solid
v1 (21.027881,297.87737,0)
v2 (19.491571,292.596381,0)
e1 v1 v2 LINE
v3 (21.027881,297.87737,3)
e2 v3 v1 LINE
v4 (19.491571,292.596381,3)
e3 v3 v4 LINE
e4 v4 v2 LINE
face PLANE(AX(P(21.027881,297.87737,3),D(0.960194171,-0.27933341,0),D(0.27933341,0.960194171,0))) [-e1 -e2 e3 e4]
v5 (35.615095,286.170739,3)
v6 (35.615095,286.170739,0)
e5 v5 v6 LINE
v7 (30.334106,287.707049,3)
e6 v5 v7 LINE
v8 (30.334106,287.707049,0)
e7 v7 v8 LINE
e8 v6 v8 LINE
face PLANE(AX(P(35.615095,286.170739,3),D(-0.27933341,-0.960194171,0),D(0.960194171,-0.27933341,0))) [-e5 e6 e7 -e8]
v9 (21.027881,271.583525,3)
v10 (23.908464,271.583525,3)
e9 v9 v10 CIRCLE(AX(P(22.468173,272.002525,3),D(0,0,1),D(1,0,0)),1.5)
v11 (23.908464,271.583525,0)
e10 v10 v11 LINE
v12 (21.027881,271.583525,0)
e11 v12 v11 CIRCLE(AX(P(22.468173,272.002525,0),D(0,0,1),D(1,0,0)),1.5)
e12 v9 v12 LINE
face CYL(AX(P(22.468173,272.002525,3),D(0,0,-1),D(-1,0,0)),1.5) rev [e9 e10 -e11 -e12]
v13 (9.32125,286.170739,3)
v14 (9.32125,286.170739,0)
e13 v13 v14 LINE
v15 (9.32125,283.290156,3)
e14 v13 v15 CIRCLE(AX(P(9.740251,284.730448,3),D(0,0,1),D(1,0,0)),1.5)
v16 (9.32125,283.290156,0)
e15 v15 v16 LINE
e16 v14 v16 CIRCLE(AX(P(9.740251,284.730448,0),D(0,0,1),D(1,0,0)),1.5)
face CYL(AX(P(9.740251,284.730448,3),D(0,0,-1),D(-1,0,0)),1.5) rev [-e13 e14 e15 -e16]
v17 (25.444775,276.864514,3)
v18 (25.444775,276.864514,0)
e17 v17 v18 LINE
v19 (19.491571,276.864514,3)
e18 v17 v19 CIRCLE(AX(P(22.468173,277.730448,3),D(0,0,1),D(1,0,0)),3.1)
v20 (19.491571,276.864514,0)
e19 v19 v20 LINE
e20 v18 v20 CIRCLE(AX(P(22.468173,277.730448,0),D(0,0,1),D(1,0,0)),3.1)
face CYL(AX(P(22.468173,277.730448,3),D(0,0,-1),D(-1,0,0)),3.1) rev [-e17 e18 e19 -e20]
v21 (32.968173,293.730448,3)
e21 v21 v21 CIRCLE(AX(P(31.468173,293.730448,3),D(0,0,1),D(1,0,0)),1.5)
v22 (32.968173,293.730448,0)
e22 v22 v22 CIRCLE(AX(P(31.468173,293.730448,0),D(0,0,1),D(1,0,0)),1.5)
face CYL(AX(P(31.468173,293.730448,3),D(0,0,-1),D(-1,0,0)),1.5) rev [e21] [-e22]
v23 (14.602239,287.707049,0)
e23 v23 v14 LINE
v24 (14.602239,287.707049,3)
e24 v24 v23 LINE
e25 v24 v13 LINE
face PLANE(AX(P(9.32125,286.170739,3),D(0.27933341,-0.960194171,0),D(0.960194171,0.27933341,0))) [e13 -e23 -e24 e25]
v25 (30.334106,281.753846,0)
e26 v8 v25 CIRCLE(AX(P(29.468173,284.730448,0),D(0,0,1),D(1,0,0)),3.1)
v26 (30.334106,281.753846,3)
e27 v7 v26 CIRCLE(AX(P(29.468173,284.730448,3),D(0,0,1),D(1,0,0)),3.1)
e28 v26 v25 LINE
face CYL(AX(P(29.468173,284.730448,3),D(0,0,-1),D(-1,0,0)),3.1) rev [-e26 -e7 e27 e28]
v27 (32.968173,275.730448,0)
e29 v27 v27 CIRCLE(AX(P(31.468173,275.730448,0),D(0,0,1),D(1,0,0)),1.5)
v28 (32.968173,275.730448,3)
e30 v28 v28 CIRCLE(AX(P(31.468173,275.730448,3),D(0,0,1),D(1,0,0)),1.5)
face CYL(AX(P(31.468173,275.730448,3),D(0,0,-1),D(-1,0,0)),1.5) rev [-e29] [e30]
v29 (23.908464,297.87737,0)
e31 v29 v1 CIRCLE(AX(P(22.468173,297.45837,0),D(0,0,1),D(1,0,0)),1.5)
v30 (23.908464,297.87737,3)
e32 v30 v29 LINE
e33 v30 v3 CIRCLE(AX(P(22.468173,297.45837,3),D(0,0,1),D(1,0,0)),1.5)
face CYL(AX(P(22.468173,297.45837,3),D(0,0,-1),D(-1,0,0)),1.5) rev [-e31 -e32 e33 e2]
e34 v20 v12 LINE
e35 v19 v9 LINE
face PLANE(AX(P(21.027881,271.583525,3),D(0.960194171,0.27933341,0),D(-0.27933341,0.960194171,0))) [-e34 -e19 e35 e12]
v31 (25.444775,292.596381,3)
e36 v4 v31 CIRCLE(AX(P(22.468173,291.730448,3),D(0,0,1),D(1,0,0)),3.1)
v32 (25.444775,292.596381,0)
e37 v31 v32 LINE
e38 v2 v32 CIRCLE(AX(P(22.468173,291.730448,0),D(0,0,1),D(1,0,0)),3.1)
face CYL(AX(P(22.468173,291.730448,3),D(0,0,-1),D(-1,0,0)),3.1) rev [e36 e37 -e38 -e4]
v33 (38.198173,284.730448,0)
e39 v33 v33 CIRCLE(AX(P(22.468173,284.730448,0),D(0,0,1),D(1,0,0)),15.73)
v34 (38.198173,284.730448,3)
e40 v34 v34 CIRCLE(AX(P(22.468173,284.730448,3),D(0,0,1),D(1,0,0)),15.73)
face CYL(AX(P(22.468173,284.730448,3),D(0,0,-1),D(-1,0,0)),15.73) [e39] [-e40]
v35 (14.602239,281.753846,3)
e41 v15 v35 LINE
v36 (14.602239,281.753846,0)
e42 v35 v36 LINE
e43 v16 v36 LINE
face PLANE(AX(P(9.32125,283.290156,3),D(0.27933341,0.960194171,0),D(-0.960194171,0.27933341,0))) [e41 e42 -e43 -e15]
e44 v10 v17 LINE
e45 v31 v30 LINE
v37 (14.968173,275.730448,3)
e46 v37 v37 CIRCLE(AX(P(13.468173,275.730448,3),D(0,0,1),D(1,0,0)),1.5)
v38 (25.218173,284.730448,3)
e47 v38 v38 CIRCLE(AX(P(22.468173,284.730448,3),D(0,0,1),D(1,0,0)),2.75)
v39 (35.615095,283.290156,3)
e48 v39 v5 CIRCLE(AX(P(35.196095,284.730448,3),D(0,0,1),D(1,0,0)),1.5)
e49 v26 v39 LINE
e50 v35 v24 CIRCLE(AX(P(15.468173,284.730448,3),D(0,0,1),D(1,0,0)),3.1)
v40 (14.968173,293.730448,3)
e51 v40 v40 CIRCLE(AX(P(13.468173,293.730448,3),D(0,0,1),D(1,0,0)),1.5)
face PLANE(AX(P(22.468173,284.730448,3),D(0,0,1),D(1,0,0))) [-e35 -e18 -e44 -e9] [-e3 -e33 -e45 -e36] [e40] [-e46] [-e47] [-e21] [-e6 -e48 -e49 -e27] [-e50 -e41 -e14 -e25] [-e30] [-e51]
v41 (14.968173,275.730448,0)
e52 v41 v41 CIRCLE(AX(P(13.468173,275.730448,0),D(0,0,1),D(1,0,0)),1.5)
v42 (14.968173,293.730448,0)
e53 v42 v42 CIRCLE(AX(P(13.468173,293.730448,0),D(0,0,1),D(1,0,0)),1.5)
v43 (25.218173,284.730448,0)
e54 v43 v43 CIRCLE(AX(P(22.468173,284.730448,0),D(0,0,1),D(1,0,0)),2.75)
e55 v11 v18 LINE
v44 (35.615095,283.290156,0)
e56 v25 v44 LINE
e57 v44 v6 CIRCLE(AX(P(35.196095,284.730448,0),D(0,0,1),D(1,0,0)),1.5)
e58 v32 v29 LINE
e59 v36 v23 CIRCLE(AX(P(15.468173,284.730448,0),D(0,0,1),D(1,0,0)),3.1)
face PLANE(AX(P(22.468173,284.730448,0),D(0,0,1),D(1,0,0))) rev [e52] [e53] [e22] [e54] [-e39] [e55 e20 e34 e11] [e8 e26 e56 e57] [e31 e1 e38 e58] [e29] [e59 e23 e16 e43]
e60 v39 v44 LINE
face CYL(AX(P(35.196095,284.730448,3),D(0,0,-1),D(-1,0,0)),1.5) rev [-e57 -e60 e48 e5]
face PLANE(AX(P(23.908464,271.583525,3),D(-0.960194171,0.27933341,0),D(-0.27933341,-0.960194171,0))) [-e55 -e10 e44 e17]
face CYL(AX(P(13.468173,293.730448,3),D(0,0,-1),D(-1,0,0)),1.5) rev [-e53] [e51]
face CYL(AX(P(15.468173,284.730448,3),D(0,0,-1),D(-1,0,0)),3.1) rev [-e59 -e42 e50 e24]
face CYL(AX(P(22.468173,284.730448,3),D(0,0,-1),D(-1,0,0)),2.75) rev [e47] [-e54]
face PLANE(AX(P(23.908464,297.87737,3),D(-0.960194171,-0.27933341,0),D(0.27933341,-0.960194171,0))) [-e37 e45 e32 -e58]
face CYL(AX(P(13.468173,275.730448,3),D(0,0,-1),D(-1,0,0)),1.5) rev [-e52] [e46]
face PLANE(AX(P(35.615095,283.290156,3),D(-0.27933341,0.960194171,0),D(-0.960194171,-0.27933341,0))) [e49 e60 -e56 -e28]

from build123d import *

# Parameters (mm, degrees)
MODEL_R                 = 15.73
MODEL_R_2               = 1.5
MODEL_R_3               = 2.75
SALIENTE_EXTRUIR1_DEPTH = 3


with BuildPart() as part:
    # Model → Saliente-Extruir1 (new body)
    with BuildSketch(Plane.XY):
        with Locations((22.468172618, 284.73044756)):
            Circle(MODEL_R)
        with Locations((13.468172618, 275.73044756)):
            Circle(MODEL_R_2, mode=Mode.SUBTRACT)
        with Locations((31.468172618, 275.73044756)):
            Circle(MODEL_R_2, mode=Mode.SUBTRACT)
        with Locations((31.468172618, 293.73044756)):
            Circle(MODEL_R_2, mode=Mode.SUBTRACT)
        with Locations((13.468172618, 293.73044756)):
            Circle(MODEL_R_2, mode=Mode.SUBTRACT)
        with Locations((22.468172618, 284.73044756)):
            Circle(MODEL_R_3, mode=Mode.SUBTRACT)
        with BuildLine():
            Line((23.908463874, 297.877369736), (25.444774548, 292.59638113))
            ThreePointArc((25.444774548, 292.59638113), (22.468172618, 288.63044756), (19.491570687, 292.59638113))
            Line((19.491570687, 292.59638113), (21.027881361, 297.877369736))
            ThreePointArc((21.027881361, 297.877369736), (22.468172618, 298.958369621), (23.908463874, 297.877369736))
        make_face(mode=Mode.SUBTRACT)
        with BuildLine():
            Line((9.321250442, 286.170738816), (14.602239048, 287.70704949))
            ThreePointArc((14.602239048, 287.70704949), (18.568172618, 284.73044756), (14.602239048, 281.753845629))
            Line((14.602239048, 281.753845629), (9.321250442, 283.290156303))
            ThreePointArc((9.321250442, 283.290156303), (8.240250556, 284.73044756), (9.321250442, 286.170738816))
        make_face(mode=Mode.SUBTRACT)
        with BuildLine():
            Line((21.027881361, 271.583525384), (19.491570687, 276.86451399))
            ThreePointArc((19.491570687, 276.86451399), (22.468172618, 280.83044756), (25.444774548, 276.86451399))
            Line((25.444774548, 276.86451399), (23.908463874, 271.583525384))
            ThreePointArc((23.908463874, 271.583525384), (22.468172618, 270.502525498), (21.027881361, 271.583525384))
        make_face(mode=Mode.SUBTRACT)
        with BuildLine():
            Line((35.615094794, 283.290156303), (30.334106188, 281.753845629))
            ThreePointArc((30.334106188, 281.753845629), (26.368172618, 284.73044756), (30.334106188, 287.70704949))
            Line((30.334106188, 287.70704949), (35.615094794, 286.170738816))
            ThreePointArc((35.615094794, 286.170738816), (36.696094679, 284.73044756), (35.615094794, 283.290156303))
        make_face(mode=Mode.SUBTRACT)
    extrude(amount=SALIENTE_EXTRUIR1_DEPTH)


solid = part.part
